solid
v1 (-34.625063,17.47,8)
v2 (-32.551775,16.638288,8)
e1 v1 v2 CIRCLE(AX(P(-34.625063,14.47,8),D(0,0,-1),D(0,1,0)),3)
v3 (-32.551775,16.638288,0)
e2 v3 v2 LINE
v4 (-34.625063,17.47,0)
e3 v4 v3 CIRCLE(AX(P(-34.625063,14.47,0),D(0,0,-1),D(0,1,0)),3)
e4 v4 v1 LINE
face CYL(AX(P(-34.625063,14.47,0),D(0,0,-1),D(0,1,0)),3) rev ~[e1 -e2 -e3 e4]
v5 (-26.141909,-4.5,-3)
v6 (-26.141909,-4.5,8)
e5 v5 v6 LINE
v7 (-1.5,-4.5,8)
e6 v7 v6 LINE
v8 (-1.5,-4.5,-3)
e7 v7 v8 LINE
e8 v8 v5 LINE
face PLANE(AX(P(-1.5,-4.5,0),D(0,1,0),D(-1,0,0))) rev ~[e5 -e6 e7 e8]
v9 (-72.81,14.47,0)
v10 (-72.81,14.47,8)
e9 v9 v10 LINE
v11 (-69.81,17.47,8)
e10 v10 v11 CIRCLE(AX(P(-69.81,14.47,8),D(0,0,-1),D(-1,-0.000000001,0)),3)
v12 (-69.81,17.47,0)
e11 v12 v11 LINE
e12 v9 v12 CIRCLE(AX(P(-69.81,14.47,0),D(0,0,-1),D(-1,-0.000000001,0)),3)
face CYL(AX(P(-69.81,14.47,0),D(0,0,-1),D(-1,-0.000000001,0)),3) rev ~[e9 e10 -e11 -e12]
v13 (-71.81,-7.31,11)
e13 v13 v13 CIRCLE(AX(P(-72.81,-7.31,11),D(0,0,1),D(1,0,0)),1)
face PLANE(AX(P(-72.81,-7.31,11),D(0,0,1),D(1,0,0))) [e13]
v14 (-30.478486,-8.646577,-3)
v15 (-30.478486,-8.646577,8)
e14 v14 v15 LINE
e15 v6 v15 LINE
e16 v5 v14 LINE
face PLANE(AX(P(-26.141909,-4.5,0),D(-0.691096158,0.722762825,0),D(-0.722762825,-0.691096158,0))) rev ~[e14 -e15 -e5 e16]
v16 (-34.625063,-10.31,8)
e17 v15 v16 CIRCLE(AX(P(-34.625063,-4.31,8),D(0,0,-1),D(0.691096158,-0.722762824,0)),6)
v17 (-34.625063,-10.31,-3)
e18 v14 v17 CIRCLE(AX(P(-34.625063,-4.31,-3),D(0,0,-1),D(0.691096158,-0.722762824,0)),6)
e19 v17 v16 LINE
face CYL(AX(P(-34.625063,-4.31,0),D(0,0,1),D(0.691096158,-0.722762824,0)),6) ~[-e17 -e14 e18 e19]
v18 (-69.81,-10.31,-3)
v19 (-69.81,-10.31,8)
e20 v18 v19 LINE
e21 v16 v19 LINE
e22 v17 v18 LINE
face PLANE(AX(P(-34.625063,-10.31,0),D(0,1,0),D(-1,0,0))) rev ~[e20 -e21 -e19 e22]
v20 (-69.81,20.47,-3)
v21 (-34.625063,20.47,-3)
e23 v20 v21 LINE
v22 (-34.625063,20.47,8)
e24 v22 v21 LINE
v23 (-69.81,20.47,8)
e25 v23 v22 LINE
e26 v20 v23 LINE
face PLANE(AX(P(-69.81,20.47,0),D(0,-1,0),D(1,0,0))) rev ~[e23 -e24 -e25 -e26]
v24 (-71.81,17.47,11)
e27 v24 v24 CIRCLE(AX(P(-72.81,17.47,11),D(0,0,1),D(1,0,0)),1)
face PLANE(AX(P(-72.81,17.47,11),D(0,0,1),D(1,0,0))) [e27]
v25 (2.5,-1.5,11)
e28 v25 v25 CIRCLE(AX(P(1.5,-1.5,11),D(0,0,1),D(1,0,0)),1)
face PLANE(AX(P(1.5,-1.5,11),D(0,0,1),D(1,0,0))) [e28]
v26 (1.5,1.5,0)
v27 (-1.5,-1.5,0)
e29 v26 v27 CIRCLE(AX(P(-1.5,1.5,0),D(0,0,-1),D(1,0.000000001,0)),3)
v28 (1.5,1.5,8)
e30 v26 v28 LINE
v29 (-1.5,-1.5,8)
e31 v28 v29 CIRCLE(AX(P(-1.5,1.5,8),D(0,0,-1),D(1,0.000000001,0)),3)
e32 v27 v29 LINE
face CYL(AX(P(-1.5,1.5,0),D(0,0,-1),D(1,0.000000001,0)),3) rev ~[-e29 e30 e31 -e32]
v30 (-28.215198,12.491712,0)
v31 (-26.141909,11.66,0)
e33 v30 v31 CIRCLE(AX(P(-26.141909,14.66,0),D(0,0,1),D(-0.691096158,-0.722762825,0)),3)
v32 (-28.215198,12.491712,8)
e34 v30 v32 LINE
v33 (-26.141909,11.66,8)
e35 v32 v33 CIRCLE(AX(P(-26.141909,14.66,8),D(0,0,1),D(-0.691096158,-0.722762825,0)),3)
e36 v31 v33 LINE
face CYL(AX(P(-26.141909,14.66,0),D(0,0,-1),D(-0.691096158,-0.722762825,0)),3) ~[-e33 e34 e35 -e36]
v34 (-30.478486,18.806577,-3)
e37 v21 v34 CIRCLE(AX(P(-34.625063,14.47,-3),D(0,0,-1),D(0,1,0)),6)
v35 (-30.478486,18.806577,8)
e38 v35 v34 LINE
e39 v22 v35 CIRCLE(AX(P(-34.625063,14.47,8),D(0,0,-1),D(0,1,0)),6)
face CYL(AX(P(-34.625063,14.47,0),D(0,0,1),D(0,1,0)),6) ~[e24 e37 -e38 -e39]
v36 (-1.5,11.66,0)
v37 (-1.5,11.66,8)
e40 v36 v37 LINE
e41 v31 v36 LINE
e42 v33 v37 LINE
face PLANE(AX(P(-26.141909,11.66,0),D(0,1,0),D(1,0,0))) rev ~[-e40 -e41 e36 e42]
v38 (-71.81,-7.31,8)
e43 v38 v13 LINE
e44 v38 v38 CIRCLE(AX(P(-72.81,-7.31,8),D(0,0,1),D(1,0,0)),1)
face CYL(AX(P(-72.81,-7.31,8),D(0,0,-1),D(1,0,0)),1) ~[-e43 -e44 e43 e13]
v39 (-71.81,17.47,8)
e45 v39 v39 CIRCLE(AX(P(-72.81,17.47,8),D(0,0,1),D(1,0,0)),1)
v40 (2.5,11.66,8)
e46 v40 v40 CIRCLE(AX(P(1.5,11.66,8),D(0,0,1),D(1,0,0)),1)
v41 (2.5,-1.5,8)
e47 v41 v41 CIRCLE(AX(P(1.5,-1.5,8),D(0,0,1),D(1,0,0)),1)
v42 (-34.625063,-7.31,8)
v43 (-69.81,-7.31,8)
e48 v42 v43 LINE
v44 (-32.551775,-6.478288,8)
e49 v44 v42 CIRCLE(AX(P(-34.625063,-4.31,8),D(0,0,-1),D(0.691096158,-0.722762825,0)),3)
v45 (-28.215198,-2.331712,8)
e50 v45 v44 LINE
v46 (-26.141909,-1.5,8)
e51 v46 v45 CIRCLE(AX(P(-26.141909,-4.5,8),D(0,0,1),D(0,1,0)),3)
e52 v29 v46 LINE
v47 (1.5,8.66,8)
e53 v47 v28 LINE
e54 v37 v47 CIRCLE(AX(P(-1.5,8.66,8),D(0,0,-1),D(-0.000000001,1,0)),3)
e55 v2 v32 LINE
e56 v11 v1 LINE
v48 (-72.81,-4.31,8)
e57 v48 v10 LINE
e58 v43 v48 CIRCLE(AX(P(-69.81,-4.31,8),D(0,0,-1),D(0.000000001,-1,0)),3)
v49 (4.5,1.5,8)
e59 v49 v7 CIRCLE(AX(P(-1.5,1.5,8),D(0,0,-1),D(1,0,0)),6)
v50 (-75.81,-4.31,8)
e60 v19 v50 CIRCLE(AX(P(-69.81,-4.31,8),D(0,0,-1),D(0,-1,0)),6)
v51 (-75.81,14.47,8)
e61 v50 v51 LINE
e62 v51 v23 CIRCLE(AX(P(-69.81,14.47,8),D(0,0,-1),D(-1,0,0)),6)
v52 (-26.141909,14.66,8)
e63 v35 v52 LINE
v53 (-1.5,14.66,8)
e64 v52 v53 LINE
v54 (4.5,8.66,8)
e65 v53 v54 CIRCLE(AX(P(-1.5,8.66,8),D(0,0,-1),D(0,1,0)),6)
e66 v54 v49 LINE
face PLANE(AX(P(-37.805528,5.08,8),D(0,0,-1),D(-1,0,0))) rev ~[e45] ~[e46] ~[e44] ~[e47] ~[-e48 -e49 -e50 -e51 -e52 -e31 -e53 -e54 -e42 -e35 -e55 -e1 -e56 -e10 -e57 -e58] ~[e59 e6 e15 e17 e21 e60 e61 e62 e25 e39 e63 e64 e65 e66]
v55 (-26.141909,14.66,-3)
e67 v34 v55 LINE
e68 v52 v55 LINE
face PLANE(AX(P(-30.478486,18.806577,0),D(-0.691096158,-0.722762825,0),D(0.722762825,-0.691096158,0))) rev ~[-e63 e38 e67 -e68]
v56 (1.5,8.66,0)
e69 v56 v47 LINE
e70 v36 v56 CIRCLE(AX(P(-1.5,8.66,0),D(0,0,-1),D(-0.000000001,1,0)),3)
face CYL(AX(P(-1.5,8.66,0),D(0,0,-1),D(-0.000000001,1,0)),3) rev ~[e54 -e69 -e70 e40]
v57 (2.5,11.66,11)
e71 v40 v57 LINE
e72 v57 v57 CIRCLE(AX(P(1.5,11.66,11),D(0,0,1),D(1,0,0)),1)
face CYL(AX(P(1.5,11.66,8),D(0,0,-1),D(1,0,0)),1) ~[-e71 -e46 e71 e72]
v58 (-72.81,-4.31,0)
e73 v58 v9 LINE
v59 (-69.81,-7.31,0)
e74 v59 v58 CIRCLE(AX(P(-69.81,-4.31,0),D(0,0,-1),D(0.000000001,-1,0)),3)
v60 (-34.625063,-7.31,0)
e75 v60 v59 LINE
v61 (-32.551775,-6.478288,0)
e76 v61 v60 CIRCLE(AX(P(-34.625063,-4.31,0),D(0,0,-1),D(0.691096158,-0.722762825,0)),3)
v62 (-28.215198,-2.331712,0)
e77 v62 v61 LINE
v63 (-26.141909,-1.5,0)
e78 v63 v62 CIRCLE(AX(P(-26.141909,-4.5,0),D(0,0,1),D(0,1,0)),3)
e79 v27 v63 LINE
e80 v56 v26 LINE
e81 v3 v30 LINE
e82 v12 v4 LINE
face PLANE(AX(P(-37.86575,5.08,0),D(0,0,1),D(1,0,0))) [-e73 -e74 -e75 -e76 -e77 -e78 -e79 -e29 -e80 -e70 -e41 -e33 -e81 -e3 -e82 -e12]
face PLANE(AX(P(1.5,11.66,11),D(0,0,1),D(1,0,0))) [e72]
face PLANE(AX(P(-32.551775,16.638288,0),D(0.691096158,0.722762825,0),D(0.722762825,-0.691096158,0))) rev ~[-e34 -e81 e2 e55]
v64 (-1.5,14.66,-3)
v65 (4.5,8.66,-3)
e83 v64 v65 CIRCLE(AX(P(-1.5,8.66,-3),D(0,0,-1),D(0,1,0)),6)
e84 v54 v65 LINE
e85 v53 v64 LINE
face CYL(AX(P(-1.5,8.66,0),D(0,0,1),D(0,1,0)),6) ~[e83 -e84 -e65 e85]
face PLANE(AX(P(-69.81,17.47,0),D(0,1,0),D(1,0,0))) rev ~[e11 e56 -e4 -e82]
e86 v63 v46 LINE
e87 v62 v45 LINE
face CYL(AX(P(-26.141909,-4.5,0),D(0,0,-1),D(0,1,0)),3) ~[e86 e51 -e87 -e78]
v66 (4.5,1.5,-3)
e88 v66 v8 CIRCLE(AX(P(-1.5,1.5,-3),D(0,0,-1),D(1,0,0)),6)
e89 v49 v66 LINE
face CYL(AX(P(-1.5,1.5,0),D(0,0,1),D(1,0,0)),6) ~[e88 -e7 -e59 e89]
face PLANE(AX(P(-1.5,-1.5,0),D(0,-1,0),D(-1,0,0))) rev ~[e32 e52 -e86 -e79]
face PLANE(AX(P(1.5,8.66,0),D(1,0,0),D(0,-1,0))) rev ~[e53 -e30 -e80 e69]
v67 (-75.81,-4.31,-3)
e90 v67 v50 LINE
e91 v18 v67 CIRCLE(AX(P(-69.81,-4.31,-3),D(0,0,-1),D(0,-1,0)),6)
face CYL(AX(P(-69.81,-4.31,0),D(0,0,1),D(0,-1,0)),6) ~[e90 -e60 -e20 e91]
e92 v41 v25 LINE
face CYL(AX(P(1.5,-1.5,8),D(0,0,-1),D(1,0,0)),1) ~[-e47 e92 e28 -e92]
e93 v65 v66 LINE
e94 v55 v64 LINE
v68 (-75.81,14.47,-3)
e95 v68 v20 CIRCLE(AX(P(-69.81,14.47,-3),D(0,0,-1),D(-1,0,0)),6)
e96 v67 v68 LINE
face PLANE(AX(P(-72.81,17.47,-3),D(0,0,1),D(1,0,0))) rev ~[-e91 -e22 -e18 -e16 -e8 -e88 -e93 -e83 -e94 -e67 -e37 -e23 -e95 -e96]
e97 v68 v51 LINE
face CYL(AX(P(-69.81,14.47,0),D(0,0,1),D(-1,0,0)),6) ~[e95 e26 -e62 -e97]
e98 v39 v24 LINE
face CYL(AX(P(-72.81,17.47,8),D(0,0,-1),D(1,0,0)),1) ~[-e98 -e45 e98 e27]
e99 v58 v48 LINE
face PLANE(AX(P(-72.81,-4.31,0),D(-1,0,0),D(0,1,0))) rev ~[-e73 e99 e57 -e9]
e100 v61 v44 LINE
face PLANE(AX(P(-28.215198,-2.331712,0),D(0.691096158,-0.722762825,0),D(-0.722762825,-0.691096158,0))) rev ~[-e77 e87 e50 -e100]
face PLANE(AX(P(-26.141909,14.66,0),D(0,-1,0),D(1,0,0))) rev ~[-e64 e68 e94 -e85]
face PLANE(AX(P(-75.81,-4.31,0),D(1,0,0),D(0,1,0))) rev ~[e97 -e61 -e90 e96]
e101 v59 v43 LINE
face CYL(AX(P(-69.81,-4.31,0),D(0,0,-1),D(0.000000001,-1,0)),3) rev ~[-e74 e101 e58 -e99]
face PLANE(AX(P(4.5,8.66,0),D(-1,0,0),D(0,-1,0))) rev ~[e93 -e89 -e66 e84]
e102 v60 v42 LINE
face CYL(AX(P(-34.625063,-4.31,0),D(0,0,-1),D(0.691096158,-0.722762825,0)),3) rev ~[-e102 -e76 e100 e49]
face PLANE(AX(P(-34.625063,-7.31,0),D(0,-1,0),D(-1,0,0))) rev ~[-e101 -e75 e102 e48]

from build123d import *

# Parameters (mm, degrees)
SKETCH3_R                = 1
BOSS_EXTRUDE2_DEPTH      = 8
BOSS_EXTRUDE2_DEPTH_BACK = 3
BOSS_EXTRUDE3_DEPTH      = 3
SKETCH7_R                = 1
BOSS_EXTRUDE4_DEPTH      = 3
BOSS_EXTRUDE4_DEPTH_BACK = 11


with BuildPart() as part:
    # Sketch3 → Boss-Extrude2 (new, two sides)
    with BuildSketch(Plane.XY) as boss_extrude2_sk:
        with BuildLine():
            Line((-69.81, 20.47), (-34.625063383, 20.47))
            ThreePointArc((-34.625063383, 20.47), (-32.391172348, 20.03863815), (-30.478486436, 18.806576947))
            Line((-30.478486436, 18.806576947), (-26.141909489, 14.66))
            Line((-26.141909489, 14.66), (-1.5, 14.66))
            ThreePointArc((-1.5, 14.66), (2.742640687, 12.902640687), (4.5, 8.66))
            Line((4.5, 8.66), (4.5, 1.5))
            ThreePointArc((4.5, 1.5), (2.742640687, -2.742640687), (-1.5, -4.5))
            Line((-1.5, -4.5), (-26.141909489, -4.5))
            Line((-26.141909489, -4.5), (-30.478486436, -8.646576947))
            ThreePointArc((-30.478486436, -8.646576947), (-32.391172348, -9.87863815), (-34.625063383, -10.31))
            Line((-34.625063383, -10.31), (-69.81, -10.31))
            ThreePointArc((-69.81, -10.31), (-74.052640687, -8.552640687), (-75.81, -4.31))
            Line((-75.81, -4.31), (-75.81, 14.47))
            ThreePointArc((-75.81, 14.47), (-74.052640687, 18.712640687), (-69.81, 20.47))
        make_face()
        with Locations((-72.81, 17.47)):
            Circle(SKETCH3_R, mode=Mode.SUBTRACT)
        with Locations((-72.81, -7.31)):
            Circle(SKETCH3_R, mode=Mode.SUBTRACT)
        with Locations((1.5, -1.5)):
            Circle(SKETCH3_R, mode=Mode.SUBTRACT)
        with Locations((1.5, 11.66)):
            Circle(SKETCH3_R, mode=Mode.SUBTRACT)
        with BuildLine():
            Line((-69.81, 17.47), (-34.625063383, 17.47))
            ThreePointArc((-34.625063383, 17.47), (-33.508117866, 17.254319075), (-32.55177491, 16.638288474))
            Line((-32.55177491, 16.638288474), (-28.215197962, 12.491711526))
            ThreePointArc((-28.215197962, 12.491711526), (-27.258855006, 11.875680925), (-26.141909489, 11.66))
            Line((-26.141909489, 11.66), (-1.5, 11.66))
            ThreePointArc((-1.5, 11.66), (0.621320344, 10.781320344), (1.5, 8.66))
            Line((1.5, 8.66), (1.5, 1.5))
            ThreePointArc((1.5, 1.5), (0.621320344, -0.621320344), (-1.5, -1.5))
            Line((-1.5, -1.5), (-26.141909489, -1.5))
            ThreePointArc((-26.141909489, -1.5), (-27.258855006, -1.715680925), (-28.215197962, -2.331711526))
            Line((-28.215197962, -2.331711526), (-32.55177491, -6.478288474))
            ThreePointArc((-32.55177491, -6.478288474), (-33.508117866, -7.094319075), (-34.625063383, -7.31))
            Line((-34.625063383, -7.31), (-69.81, -7.31))
            ThreePointArc((-69.81, -7.31), (-71.931320344, -6.431320344), (-72.81, -4.31))
            Line((-72.81, -4.31), (-72.81, 14.47))
            ThreePointArc((-72.81, 14.47), (-71.931320344, 16.591320344), (-69.81, 17.47))
        make_face(mode=Mode.SUBTRACT)
    extrude(amount=BOSS_EXTRUDE2_DEPTH)
    extrude(boss_extrude2_sk.sketch, amount=-BOSS_EXTRUDE2_DEPTH_BACK)

    # Sketch5 → Boss-Extrude3 (add)
    with BuildSketch(Plane(origin=(0, 0, -3), x_dir=(-1, 0, 0), z_dir=(0, 0, -1))):
        with BuildLine():
            Line((72.81, 14.47), (72.81, -4.31))
            ThreePointArc((72.81, -4.31), (71.931320344, -6.431320344), (69.81, -7.31))
            Line((69.81, -7.31), (34.625063383, -7.31))
            ThreePointArc((34.625063383, -7.31), (33.508117866, -7.094319075), (32.55177491, -6.478288474))
            Line((32.55177491, -6.478288474), (28.215197962, -2.331711526))
            ThreePointArc((28.215197962, -2.331711526), (27.258855006, -1.715680925), (26.141909489, -1.5))
            Line((26.141909489, -1.5), (1.5, -1.5))
            ThreePointArc((1.5, -1.5), (-0.621320344, -0.621320344), (-1.5, 1.5))
            Line((-1.5, 1.5), (-1.5, 8.66))
            ThreePointArc((-1.5, 8.66), (-0.621320344, 10.781320344), (1.5, 11.66))
            Line((1.5, 11.66), (26.141909489, 11.66))
            ThreePointArc((26.141909489, 11.66), (27.258855006, 11.875680925), (28.215197962, 12.491711526))
            Line((28.215197962, 12.491711526), (32.55177491, 16.638288474))
            ThreePointArc((32.55177491, 16.638288474), (33.508117866, 17.254319075), (34.625063383, 17.47))
            Line((34.625063383, 17.47), (69.81, 17.47))
            ThreePointArc((69.81, 17.47), (71.931320344, 16.591320344), (72.81, 14.47))
        make_face()
    extrude(amount=-BOSS_EXTRUDE3_DEPTH)

    # Sketch7 → Boss-Extrude4 (add, two sides)
    with BuildSketch(Plane.XY.offset(8)) as boss_extrude4_sk:
        with Locations((-72.81, 17.47)):
            Circle(SKETCH7_R)
        with Locations((1.5, -1.5)):
            Circle(SKETCH7_R)
        with Locations((1.5, 11.66)):
            Circle(SKETCH7_R)
        with Locations((-72.81, -7.31)):
            Circle(SKETCH7_R)
    extrude(amount=BOSS_EXTRUDE4_DEPTH)
    extrude(boss_extrude4_sk.sketch, amount=-BOSS_EXTRUDE4_DEPTH_BACK)


solid = part.part
